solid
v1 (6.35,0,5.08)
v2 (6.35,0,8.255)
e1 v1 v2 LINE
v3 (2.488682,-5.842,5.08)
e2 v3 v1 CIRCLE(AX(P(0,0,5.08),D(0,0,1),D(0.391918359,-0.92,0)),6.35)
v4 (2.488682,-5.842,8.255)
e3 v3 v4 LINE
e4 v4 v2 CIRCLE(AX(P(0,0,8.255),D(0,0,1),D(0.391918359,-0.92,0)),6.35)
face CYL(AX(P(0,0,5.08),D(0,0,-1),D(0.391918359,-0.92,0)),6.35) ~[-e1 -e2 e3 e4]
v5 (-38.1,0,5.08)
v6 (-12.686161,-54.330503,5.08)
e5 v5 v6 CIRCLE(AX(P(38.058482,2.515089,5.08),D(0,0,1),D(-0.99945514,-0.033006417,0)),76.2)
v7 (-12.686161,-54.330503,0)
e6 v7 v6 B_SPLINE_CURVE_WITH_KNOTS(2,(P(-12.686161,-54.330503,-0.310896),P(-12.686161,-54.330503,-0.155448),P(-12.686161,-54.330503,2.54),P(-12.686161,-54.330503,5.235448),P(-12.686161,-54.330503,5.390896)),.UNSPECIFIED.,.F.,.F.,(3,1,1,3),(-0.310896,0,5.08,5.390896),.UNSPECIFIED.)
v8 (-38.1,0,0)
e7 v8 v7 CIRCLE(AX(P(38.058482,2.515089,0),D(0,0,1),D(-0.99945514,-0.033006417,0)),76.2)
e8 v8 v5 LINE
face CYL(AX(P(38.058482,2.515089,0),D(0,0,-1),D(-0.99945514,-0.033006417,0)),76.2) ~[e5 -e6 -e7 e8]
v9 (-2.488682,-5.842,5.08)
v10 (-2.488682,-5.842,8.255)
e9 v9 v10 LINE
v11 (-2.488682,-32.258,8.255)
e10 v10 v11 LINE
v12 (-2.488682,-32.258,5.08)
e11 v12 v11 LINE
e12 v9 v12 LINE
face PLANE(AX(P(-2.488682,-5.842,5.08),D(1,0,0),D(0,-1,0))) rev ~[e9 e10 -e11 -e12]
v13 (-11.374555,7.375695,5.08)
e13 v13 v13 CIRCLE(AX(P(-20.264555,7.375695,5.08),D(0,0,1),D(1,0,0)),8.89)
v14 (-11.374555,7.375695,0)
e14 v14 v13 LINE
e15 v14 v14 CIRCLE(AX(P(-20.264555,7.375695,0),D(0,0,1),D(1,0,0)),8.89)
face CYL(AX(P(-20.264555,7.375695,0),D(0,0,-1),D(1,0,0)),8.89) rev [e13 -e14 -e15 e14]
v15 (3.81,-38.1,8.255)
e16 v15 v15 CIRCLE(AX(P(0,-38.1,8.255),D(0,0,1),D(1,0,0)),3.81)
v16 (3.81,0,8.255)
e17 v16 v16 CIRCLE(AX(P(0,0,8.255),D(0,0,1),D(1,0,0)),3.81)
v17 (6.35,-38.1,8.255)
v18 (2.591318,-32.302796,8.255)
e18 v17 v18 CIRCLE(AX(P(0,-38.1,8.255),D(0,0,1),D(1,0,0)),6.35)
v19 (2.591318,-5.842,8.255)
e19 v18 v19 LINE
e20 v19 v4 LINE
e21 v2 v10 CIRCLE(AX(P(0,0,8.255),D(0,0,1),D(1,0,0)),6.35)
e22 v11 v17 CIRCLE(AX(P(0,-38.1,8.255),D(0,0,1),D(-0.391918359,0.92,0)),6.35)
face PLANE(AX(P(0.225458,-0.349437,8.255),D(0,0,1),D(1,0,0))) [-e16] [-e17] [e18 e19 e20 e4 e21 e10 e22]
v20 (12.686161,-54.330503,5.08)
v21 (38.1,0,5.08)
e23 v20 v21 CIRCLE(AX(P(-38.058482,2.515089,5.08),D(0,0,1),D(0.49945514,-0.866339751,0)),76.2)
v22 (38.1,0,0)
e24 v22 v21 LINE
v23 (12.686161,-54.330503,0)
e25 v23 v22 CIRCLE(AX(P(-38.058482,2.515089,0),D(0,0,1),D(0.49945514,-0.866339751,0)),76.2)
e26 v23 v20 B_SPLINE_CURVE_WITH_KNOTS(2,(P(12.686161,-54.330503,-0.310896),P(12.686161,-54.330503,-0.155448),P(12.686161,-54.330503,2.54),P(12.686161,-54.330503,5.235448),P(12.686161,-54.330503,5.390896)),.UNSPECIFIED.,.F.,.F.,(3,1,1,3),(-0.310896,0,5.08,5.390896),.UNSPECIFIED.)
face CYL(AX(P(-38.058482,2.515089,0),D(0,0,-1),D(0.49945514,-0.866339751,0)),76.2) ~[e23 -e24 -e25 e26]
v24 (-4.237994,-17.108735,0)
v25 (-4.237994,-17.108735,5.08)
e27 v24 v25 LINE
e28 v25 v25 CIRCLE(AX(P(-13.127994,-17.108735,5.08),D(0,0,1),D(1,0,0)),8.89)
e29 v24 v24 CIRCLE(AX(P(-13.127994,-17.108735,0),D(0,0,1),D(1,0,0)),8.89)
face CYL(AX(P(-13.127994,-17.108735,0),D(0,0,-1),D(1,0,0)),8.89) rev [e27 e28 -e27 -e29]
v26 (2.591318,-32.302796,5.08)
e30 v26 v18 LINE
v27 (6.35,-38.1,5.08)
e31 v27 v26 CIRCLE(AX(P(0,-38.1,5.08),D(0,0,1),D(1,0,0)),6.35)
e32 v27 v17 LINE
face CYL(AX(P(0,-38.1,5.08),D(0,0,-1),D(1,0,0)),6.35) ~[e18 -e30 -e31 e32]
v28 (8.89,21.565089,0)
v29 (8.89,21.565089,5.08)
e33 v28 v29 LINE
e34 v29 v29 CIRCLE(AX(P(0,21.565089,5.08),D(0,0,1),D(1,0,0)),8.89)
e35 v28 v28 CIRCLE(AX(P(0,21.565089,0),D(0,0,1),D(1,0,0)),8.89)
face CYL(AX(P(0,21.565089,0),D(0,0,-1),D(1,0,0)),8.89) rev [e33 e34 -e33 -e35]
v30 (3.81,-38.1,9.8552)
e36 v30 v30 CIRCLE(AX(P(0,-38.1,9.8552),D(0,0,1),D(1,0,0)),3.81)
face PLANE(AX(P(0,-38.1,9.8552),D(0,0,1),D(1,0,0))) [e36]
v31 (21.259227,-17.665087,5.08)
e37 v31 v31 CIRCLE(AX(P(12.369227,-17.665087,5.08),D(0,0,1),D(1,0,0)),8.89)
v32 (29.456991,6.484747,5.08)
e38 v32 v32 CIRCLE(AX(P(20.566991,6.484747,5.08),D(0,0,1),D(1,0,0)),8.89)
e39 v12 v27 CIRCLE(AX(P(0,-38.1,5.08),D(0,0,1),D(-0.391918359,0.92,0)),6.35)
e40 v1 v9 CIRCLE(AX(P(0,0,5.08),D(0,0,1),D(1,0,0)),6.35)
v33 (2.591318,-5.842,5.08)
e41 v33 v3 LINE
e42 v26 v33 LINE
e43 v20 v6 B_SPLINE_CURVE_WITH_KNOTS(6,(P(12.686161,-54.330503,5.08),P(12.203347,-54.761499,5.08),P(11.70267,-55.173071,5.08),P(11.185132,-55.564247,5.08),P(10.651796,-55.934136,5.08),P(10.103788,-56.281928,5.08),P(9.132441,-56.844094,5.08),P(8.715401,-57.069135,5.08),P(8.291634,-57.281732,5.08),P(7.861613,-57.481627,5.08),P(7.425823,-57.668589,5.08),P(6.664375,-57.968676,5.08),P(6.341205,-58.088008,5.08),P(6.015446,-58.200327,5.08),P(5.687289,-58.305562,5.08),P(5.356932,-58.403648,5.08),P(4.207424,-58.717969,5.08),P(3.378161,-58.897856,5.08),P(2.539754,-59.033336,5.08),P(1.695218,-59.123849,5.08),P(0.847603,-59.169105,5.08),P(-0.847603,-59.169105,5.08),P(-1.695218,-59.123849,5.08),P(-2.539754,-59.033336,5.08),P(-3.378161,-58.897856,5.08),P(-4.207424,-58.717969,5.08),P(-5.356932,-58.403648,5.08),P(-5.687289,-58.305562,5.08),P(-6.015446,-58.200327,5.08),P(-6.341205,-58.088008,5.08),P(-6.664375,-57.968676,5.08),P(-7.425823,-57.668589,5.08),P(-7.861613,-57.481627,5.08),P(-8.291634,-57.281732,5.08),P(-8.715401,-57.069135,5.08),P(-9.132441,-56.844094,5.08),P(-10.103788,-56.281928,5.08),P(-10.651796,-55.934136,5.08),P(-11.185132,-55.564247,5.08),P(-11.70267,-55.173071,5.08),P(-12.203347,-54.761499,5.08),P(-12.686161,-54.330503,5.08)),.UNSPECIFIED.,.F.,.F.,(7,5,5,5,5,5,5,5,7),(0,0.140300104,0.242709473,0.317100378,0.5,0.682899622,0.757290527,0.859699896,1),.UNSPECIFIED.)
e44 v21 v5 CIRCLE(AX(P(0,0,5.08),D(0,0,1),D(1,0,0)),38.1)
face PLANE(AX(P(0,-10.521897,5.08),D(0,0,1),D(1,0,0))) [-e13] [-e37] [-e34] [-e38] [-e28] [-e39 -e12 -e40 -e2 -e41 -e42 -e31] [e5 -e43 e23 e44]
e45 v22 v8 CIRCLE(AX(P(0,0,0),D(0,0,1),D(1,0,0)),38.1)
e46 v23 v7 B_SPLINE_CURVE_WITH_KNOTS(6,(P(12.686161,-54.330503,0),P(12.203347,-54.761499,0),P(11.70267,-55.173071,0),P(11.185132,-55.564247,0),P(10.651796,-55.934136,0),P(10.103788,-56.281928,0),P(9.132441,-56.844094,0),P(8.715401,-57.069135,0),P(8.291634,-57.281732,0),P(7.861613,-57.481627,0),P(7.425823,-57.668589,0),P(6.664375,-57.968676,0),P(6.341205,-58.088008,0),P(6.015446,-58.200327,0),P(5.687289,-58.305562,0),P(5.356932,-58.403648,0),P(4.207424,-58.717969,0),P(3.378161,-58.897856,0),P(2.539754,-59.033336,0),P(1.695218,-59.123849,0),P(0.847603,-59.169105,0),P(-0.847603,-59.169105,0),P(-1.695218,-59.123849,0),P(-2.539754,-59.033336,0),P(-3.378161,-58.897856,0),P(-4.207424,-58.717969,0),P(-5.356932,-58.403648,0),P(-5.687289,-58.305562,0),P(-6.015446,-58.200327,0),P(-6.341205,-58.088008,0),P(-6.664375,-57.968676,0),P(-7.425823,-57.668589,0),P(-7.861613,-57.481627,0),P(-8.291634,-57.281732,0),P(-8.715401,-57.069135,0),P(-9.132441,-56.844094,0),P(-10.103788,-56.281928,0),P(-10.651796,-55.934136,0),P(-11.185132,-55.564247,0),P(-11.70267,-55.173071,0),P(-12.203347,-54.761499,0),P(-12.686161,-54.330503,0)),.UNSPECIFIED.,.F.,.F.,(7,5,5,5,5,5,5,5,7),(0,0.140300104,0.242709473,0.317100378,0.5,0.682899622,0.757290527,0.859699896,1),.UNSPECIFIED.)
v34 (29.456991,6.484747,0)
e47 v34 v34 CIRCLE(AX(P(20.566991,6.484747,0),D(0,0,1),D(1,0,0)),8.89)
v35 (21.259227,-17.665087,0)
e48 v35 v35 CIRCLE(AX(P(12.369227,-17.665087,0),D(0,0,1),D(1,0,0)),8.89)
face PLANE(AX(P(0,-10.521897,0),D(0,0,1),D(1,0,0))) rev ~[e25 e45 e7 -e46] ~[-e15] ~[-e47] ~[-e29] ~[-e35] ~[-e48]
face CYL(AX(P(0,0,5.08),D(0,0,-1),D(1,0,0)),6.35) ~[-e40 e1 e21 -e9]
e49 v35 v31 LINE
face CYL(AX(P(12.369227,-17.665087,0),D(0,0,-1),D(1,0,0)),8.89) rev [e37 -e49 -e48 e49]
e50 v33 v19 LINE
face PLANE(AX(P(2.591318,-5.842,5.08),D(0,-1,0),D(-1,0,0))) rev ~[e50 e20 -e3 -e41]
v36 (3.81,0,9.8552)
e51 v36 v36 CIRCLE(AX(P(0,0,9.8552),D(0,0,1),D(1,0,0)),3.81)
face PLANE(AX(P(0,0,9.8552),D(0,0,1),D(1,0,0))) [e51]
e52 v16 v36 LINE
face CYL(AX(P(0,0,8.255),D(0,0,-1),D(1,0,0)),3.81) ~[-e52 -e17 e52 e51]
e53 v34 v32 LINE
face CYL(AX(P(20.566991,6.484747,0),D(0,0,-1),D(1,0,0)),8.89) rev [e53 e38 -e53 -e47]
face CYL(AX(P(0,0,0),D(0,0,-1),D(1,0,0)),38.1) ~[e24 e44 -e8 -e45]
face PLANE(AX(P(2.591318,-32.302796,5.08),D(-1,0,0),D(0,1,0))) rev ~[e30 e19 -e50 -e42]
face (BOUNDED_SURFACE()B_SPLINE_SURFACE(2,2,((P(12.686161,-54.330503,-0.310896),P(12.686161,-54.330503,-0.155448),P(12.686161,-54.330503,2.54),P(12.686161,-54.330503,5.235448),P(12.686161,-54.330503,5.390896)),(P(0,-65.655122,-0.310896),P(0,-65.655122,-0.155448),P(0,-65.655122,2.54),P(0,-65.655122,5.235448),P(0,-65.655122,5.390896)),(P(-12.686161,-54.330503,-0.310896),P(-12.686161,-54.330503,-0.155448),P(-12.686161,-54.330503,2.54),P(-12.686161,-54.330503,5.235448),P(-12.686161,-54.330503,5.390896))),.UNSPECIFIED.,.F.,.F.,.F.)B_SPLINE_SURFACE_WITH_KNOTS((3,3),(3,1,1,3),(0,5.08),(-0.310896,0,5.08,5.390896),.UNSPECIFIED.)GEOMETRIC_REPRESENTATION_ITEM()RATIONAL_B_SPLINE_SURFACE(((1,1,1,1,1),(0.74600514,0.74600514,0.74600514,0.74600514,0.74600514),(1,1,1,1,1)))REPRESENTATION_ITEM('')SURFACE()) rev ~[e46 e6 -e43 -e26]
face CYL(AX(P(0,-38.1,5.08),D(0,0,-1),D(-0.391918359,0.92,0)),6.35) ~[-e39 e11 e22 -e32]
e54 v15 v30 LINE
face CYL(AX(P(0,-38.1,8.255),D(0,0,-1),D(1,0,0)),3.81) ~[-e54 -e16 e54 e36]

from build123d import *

# Parameters (mm, degrees)
F0_R     = 8.89
F1_DEPTH = 5.08
F3_R     = 19.05
F4_DEPTH = 3.175
F5_R     = 3.81
F6_DEPTH = 1.6002


with BuildPart() as f1:
    # F0 (on Top) → F1 (new body)
    with BuildSketch(Plane.XY):
        with BuildLine():
            ThreePointArc((0, -63.5), (27.2824792884, -36.689487573), (38.1, 0))
            ThreePointArc((38.1, 0), (0, 38.1), (-38.1, 0))
            ThreePointArc((-38.1, 0), (-27.2824792884, -36.689487573), (0, -63.5))
        make_face()
        with Locations((-13.1279943906, -17.1087353843)):
            Circle(F0_R, mode=Mode.SUBTRACT)
        with Locations((12.3692268928, -17.6650867319)):
            Circle(F0_R, mode=Mode.SUBTRACT)
        with Locations((-20.264554991, 7.3756948274)):
            Circle(F0_R, mode=Mode.SUBTRACT)
        with Locations((0, 21.5650889905)):
            Circle(F0_R, mode=Mode.SUBTRACT)
        with Locations((20.5669909147, 6.4847473263)):
            Circle(F0_R, mode=Mode.SUBTRACT)
    extrude(amount=F1_DEPTH)

    # F3
    f3_edges = [f1.edges().sort_by_distance(p)[0] for p in [
        (0, -63.5, 2.54),
    ]]
    fillet(f3_edges, radius=F3_R)

    # F2 (on face) → F4 (join)
    with BuildSketch(Plane.XY.offset(5.08)):
        with BuildLine():
            ThreePointArc((2.4886815787, -5.842), (5.2974346633, -3.5013834391), (6.35, 0))
            ThreePointArc((6.35, 0), (-3.5013834391, 5.2974346633), (-2.4886815787, -5.842))
            ThreePointArc((-2.4886815787, -5.842), (0, -6.35), (2.4886815787, -5.842))
        make_face()
        with BuildLine():
            ThreePointArc((2.4886815787, -5.842), (0, -6.35), (-2.4886815787, -5.842))
            Line((-2.4886815787, -5.842), (-2.4886815787, -32.258))
            ThreePointArc((-2.4886815787, -32.258), (-1.27, -31.8782960533), (0, -31.75))
            ThreePointArc((0, -31.75), (1.3248127312, -31.8897366218), (2.5913184213, -32.3027964639))
            Line((2.5913184213, -32.3027964639), (2.5913184213, -5.842))
            Line((2.5913184213, -5.842), (2.4886815787, -5.842))
        make_face()
        with BuildLine():
            ThreePointArc((0, -31.75), (-1.27, -31.8782960533), (-2.4886815787, -32.258))
            ThreePointArc((-2.4886815787, -32.258), (-3.5013834391, -43.3974346633), (6.35, -38.1))
            ThreePointArc((6.35, -38.1), (5.3281034138, -34.6454647183), (2.5913184213, -32.3027964639))
            Line((2.5913184213, -32.3027964639), (0, -31.75))
        make_face()
        with BuildLine():
            ThreePointArc((2.5913184213, -32.3027964639), (1.3248127312, -31.8897366218), (0, -31.75))
            Line((0, -31.75), (2.5913184213, -32.3027964639))
        make_face()
    extrude(amount=F4_DEPTH)

    # F5 (on face) → F6 (join)
    with BuildSketch(Plane.XY.offset(8.255)):
        with Locations((0, -38.1)):
            Circle(F5_R)
        Circle(F5_R)
    extrude(amount=F6_DEPTH)


solid = f1.part
